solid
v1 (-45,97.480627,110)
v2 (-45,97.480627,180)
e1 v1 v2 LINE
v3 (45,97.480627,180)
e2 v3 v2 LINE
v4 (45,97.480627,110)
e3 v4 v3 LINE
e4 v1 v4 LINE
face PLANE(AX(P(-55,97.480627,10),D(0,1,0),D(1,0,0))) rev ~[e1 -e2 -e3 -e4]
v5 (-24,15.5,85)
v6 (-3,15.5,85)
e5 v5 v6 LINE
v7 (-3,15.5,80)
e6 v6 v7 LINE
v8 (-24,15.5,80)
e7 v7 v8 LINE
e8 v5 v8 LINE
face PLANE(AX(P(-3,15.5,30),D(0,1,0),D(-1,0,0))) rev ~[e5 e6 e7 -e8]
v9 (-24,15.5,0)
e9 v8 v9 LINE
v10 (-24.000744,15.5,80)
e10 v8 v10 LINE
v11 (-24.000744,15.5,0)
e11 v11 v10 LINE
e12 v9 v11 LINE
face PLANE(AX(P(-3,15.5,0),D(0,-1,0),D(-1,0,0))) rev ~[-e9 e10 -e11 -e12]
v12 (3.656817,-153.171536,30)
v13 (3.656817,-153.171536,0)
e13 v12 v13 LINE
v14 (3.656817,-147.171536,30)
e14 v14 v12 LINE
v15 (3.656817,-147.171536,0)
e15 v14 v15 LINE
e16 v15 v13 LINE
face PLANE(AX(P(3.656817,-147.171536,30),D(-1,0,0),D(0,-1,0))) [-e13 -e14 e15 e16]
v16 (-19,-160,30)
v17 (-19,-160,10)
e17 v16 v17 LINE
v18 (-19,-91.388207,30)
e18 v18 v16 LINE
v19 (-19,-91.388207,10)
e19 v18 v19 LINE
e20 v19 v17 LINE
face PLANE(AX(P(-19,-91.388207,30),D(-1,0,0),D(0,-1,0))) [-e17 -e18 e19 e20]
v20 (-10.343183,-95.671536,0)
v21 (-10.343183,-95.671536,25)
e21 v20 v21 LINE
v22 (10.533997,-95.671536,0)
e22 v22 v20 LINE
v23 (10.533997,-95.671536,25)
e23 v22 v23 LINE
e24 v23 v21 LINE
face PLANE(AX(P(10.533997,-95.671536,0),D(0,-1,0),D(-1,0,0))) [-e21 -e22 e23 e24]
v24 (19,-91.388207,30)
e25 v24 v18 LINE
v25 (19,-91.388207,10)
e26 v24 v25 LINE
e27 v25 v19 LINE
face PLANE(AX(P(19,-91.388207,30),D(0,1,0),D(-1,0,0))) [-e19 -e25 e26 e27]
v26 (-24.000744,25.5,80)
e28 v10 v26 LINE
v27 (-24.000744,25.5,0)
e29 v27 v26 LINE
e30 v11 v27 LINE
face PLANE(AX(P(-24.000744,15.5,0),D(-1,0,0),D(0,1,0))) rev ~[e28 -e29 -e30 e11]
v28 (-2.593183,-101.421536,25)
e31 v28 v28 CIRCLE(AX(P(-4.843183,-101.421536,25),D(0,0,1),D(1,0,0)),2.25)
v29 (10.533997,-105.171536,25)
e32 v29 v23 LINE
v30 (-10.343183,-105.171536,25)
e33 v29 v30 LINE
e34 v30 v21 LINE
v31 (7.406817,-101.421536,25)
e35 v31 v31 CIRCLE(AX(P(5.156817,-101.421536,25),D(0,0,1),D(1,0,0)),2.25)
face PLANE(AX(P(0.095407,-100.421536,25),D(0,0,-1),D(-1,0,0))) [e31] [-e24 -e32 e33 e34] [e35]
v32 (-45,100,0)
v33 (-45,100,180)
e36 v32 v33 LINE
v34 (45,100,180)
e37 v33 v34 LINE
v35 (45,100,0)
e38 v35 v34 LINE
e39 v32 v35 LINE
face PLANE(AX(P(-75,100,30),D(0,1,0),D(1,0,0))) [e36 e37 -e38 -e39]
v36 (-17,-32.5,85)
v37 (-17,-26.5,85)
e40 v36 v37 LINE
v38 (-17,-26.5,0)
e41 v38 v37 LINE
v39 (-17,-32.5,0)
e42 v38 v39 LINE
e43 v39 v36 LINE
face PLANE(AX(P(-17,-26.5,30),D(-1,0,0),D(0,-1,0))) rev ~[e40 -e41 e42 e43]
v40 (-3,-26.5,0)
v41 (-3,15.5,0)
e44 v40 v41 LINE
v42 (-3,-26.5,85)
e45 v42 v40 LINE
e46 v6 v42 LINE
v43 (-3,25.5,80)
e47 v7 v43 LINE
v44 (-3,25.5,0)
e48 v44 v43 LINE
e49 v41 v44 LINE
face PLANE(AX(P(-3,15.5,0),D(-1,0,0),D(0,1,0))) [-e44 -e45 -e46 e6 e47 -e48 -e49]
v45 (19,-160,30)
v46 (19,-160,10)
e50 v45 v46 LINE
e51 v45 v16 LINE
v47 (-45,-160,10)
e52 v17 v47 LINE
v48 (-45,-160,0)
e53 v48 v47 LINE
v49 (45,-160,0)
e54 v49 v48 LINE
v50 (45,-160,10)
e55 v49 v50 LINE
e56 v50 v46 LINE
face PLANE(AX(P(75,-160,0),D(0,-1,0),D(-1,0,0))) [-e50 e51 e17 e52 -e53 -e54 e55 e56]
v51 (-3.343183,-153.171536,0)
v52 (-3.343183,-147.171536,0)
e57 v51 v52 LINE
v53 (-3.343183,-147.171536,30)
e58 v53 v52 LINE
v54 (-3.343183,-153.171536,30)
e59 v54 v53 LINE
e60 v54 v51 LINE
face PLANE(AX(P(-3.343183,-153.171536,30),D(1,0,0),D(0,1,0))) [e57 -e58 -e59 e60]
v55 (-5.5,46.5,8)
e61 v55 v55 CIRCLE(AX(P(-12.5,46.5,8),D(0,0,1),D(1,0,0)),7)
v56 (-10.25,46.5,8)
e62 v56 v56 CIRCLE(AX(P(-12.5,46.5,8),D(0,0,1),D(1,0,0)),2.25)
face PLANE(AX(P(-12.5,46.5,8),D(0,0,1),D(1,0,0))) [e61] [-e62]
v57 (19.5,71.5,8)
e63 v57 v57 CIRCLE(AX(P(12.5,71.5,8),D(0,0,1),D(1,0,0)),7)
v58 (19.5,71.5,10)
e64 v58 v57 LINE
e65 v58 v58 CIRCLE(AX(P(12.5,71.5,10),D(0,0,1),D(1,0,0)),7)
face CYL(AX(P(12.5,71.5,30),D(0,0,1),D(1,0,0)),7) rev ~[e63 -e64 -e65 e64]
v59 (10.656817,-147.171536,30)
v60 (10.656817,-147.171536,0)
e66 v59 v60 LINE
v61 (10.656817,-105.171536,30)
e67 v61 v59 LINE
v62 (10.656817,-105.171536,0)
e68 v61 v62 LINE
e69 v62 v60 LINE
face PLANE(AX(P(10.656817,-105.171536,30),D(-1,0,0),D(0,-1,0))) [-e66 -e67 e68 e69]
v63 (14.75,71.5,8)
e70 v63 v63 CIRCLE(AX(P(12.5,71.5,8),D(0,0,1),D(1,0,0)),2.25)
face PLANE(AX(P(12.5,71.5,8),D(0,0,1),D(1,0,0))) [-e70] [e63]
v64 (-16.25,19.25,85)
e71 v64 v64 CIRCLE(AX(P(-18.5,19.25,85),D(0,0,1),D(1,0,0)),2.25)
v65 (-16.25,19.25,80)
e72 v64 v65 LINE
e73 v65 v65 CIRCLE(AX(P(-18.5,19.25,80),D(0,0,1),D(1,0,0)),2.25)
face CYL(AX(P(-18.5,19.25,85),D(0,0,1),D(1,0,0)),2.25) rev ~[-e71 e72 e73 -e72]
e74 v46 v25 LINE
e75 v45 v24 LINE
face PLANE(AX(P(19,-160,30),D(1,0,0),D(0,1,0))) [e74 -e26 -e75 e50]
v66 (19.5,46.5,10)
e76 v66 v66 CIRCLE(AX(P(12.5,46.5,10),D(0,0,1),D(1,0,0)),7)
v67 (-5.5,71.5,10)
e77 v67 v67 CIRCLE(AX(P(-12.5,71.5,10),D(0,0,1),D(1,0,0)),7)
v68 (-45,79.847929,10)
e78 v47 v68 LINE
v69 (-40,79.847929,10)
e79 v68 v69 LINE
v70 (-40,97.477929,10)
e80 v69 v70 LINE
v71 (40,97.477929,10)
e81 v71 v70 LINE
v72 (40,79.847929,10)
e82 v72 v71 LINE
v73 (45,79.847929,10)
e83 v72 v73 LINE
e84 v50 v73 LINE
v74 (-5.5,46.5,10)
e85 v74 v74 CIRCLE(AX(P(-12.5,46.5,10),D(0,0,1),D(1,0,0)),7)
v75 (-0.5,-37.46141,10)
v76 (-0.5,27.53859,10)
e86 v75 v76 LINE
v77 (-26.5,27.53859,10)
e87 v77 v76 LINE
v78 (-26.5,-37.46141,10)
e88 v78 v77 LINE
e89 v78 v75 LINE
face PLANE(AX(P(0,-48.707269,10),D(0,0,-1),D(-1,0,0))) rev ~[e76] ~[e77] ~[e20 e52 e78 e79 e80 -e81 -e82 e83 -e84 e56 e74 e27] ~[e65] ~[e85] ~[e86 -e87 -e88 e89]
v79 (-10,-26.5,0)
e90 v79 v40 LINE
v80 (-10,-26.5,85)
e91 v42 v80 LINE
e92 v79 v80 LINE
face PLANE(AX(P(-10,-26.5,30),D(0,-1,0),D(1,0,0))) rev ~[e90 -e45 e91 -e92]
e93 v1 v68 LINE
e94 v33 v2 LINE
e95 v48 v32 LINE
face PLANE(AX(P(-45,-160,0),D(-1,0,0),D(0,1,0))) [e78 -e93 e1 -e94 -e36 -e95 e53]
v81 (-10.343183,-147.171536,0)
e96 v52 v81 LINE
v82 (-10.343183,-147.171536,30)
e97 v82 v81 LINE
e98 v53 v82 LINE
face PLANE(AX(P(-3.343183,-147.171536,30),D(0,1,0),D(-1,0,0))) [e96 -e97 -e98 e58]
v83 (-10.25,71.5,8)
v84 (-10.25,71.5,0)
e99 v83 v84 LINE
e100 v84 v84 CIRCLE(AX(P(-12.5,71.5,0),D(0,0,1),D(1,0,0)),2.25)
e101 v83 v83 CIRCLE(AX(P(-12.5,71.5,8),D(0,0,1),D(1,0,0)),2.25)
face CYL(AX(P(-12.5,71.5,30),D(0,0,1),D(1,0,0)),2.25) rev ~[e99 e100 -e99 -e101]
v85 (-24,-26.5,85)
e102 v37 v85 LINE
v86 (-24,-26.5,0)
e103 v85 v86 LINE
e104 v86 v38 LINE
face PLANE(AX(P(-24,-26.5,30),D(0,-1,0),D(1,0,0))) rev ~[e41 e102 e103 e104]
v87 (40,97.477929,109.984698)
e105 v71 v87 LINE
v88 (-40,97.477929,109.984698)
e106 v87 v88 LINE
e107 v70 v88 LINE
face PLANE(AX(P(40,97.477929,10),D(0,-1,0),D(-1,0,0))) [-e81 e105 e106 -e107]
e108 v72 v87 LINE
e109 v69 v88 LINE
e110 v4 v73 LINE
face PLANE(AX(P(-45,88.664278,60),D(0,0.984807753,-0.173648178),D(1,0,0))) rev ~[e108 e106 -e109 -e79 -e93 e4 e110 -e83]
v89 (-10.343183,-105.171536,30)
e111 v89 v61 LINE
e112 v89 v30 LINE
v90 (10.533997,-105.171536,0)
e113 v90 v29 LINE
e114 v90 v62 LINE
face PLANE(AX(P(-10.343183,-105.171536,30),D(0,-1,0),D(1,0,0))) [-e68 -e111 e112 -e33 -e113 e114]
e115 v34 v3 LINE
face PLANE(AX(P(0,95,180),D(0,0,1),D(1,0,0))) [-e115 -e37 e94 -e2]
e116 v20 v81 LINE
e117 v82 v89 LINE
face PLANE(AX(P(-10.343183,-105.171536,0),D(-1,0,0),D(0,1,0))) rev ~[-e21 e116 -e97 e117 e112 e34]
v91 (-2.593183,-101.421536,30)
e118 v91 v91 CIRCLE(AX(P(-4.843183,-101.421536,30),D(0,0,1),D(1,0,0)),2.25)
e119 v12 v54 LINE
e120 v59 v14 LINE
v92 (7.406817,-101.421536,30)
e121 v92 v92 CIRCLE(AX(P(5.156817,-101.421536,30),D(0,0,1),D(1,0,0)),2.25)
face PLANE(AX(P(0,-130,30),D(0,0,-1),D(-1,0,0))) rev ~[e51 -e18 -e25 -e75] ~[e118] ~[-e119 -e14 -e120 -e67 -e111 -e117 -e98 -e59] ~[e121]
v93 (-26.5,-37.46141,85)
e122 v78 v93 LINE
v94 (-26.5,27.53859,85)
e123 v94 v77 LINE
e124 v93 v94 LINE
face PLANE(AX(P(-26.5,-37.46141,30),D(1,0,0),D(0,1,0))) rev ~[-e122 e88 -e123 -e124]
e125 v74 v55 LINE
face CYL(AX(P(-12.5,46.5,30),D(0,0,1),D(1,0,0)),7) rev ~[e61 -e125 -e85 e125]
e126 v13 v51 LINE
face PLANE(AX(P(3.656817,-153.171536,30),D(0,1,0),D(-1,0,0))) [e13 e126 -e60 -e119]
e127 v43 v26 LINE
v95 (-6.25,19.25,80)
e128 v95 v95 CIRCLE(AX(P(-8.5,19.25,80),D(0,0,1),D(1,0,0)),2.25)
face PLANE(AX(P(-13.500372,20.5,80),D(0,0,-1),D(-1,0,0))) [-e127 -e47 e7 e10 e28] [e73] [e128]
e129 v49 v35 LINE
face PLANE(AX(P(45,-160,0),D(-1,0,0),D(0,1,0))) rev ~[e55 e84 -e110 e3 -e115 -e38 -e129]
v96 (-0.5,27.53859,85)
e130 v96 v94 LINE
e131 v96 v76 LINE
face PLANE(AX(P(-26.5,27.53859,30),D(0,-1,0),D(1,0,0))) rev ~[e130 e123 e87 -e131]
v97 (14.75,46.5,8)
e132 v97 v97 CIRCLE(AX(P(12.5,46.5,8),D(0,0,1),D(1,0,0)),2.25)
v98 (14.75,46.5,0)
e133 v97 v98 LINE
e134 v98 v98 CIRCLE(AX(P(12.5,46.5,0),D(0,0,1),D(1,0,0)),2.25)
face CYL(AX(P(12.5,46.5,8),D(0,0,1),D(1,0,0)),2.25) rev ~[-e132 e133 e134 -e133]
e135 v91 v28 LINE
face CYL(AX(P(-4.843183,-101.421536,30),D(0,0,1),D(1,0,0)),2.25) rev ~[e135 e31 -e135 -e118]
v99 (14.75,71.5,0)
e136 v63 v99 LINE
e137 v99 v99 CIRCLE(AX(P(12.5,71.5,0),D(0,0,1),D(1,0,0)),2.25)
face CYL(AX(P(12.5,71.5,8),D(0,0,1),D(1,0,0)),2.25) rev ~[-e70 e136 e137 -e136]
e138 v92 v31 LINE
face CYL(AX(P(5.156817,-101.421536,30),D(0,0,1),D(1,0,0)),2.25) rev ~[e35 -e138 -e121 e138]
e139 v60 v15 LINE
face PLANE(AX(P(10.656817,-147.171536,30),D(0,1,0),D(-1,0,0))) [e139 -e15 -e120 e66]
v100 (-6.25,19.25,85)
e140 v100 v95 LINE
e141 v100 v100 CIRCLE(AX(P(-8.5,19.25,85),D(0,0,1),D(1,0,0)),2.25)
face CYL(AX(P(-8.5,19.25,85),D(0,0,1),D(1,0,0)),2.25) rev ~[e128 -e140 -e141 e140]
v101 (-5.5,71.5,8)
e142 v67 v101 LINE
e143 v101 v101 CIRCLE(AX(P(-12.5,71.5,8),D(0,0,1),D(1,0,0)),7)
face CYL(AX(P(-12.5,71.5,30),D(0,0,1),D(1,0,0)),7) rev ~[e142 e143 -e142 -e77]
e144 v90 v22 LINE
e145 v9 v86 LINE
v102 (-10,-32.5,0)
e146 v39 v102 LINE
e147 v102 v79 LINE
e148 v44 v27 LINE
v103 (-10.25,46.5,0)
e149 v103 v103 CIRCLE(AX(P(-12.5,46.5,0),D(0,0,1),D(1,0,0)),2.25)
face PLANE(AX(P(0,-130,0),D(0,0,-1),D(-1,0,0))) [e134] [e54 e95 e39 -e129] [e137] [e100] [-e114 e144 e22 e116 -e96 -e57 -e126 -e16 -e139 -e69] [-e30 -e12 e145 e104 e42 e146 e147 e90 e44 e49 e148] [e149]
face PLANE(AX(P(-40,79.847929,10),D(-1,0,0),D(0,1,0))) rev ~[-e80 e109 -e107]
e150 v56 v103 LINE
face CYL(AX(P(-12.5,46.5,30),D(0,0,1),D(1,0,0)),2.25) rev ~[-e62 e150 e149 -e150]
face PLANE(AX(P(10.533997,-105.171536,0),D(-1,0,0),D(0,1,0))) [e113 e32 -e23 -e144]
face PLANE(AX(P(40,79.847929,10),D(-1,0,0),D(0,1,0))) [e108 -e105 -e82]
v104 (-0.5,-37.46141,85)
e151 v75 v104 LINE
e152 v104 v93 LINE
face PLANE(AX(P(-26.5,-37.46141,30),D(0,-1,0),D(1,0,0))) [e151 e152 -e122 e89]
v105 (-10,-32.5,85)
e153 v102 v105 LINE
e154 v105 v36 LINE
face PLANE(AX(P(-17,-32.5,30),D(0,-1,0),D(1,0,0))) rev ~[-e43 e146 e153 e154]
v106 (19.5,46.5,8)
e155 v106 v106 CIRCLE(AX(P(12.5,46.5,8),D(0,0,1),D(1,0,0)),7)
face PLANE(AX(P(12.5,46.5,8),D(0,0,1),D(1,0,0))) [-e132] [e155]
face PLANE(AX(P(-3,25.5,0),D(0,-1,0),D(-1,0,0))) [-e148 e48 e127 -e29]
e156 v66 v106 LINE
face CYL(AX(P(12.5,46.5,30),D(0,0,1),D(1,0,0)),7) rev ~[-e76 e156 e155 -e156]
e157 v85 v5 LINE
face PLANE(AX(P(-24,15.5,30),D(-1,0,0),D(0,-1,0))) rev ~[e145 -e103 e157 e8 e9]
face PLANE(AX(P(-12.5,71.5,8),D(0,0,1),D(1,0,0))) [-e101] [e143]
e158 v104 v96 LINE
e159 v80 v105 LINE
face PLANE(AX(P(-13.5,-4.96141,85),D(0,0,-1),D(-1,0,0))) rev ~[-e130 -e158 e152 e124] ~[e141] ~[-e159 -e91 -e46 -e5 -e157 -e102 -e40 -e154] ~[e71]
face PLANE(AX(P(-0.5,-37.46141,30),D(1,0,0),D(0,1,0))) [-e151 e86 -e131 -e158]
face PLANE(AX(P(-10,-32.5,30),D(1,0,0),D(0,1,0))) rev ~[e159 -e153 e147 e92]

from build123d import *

# Parameters (mm, degrees)
SKETCH1_W           = 150
SKETCH1_H           = 200
BOSS_EXTRUDE1_DEPTH = 30
SKETCH2_W           = 150
SKETCH2_H           = 10
BOSS_EXTRUDE2_DEPTH = 150
SKETCH3_R           = 1.65
SKETCH3_R_2         = 2.25
CUT_EXTRUDE3_DEPTH  = 80
SKETCH6_R           = 5
CUT_EXTRUDE5_DEPTH  = 22
SKETCH7_R           = 1.925
CUT_EXTRUDE6_DEPTH  = 5
FILLET1_R           = 5
SKETCH9_R           = 2.08
CUT_EXTRUDE7_DEPTH  = 30
SKETCH12_W          = 26
SKETCH12_H          = 65
SKETCH12_R          = 2.08
BOSS_EXTRUDE5_DEPTH = 85
SKETCH13_W          = 150
SKETCH13_H          = 60
BOSS_EXTRUDE6_DEPTH = 30
SKETCH15_R          = 2.08
CUT_EXTRUDE8_DEPTH  = 30
SKETCH16_R          = 7
CUT_EXTRUDE9_DEPTH  = 22
SKETCH17_W          = 20
SKETCH17_H          = 260
CUT_EXTRUDE10_DEPTH = 180
SKETCH19_W          = 26
SKETCH19_H          = 65
CUT_EXTRUDE11_DEPTH = 20
SKETCH20_W          = 110
SKETCH20_H          = 12.480627484
CUT_EXTRUDE12_DEPTH = 200
SKETCH21_W          = 10
SKETCH21_H          = 260
CUT_EXTRUDE13_DEPTH = 200
SKETCH22_W          = 21.000744215
SKETCH22_H          = 10
CUT_EXTRUDE14_DEPTH = 80
SKETCH24_W          = 20.877179784
SKETCH24_H          = 9.5
CUT_EXTRUDE15_DEPTH = 25
SKETCH25_R          = 2.25
CUT_EXTRUDE16_DEPTH = 10
SKETCH26_R          = 2.25
CUT_EXTRUDE17_DEPTH = 10
SKETCH27_R          = 2.25
CUT_EXTRUDE18_DEPTH = 10
SKETCH28_R          = 2.25
CUT_EXTRUDE19_DEPTH = 10
SKETCH29_R          = 2.25
CUT_EXTRUDE20_DEPTH = 10
CHAMFER2_SIZE       = 100
CHAMFER2_SIZE2      = 17.632698071
SKETCH33_W          = 40
SKETCH33_H          = 17.63
CUT_EXTRUDE21_DEPTH = 170


with BuildPart() as part:
    # Sketch1 → Boss-Extrude1 (new body)
    with BuildSketch(Plane.XY):
        Rectangle(SKETCH1_W, SKETCH1_H)
    extrude(amount=BOSS_EXTRUDE1_DEPTH)

    # Sketch2 → Boss-Extrude2 (add)
    with BuildSketch(Plane.XY.offset(30)):
        with Locations((0, 95)):
            Rectangle(SKETCH2_W, SKETCH2_H)
    extrude(amount=BOSS_EXTRUDE2_DEPTH)

    # Sketch3 → Cut-Extrude3 (cut)
    with BuildSketch(Plane.XY.offset(30)):
        with Locations((12.5, 46.5)):
            Circle(SKETCH3_R)
        with Locations((-12.5, 46.5)):
            Circle(SKETCH3_R_2)
        with Locations((12.5, 71.5)):
            Circle(SKETCH3_R)
        with Locations((-12.5, 71.5)):
            Circle(SKETCH3_R_2)
    extrude(amount=-CUT_EXTRUDE3_DEPTH, mode=Mode.SUBTRACT)

    # Sketch6 → Cut-Extrude5 (cut)
    with BuildSketch(Plane.XY.offset(30)):
        with Locations((-12.5, 71.5)):
            Circle(SKETCH6_R)
        with Locations((12.5, 71.5)):
            Circle(SKETCH6_R)
        with Locations((-12.5, 46.5)):
            Circle(SKETCH6_R)
        with Locations((12.5, 46.5)):
            Circle(SKETCH6_R)
    extrude(amount=-CUT_EXTRUDE5_DEPTH, mode=Mode.SUBTRACT)

    # Sketch7 → Cut-Extrude6 (cut)
    with BuildSketch(Plane.XY.offset(8)):
        with Locations((-12.5, 71.5)):
            Circle(SKETCH7_R)
        with Locations((12.5, 71.5)):
            Circle(SKETCH7_R)
        with Locations((-12.5, 46.5)):
            Circle(SKETCH7_R)
        with Locations((12.5, 46.5)):
            Circle(SKETCH7_R)
    extrude(amount=-CUT_EXTRUDE6_DEPTH, mode=Mode.SUBTRACT)

    # Fillet1
    fillet1_edges = [part.edges().sort_by_distance(p)[0] for p in [
        (0, 90, 30),
    ]]
    fillet(fillet1_edges, radius=FILLET1_R)

    # Sketch9 → Cut-Extrude7 (cut)
    with BuildSketch(Plane.XY.offset(30)):
        Polygon((-10, -26.5), (-3, -26.5), (-3, 15.5), (-24, 15.5), (-24, -26.5), (-17, -26.5), (-17, -32.5), (-10, -32.5), align=None)
        with Locations((-18.5, 19.25)):
            Circle(SKETCH9_R)
        with Locations((-8.5, 19.25)):
            Circle(SKETCH9_R)
    extrude(amount=-CUT_EXTRUDE7_DEPTH, mode=Mode.SUBTRACT)

    # Sketch12 → Boss-Extrude5 (add)
    with BuildSketch(Plane(origin=(0, 0, 0), x_dir=(-1, 0, 0), z_dir=(0, 0, -1))):
        with Locations((13.5, -4.961410483)):
            Rectangle(SKETCH12_W, SKETCH12_H)
        with Locations((8.5, 19.25)):
            Circle(SKETCH12_R, mode=Mode.SUBTRACT)
        with Locations((18.5, 19.25)):
            Circle(SKETCH12_R, mode=Mode.SUBTRACT)
        Polygon((3, 15.5), (3, -26.5), (10, -26.5), (10, -32.5), (17, -32.5), (17, -26.5), (24, -26.5), (24, 15.5), align=None, mode=Mode.SUBTRACT)
    extrude(amount=-BOSS_EXTRUDE5_DEPTH)

    # Sketch13 → Boss-Extrude6 (add)
    with BuildSketch(Plane(origin=(0, 0, 0), x_dir=(-1, 0, 0), z_dir=(0, 0, -1))):
        with Locations((0, -130)):
            Rectangle(SKETCH13_W, SKETCH13_H)
    extrude(amount=-BOSS_EXTRUDE6_DEPTH)

    # Sketch15 → Cut-Extrude8 (cut)
    with BuildSketch(Plane.XY.offset(30)):
        with Locations((-4.843183012, -101.421536398)):
            Circle(SKETCH15_R)
        with Locations((5.156816988, -101.421536398)):
            Circle(SKETCH15_R)
        Polygon((-10.343183012, -105.171536398), (10.656816988, -105.171536398), (10.656816988, -147.171536398), (3.656816988, -147.171536398), (3.656816988, -153.171536398), (-3.343183012, -153.171536398), (-3.343183012, -147.171536398), (-10.343183012, -147.171536398), align=None)
    extrude(amount=-CUT_EXTRUDE8_DEPTH, mode=Mode.SUBTRACT)

    # Sketch16 → Cut-Extrude9 (cut)
    with BuildSketch(Plane.XY.offset(30)):
        with Locations((-12.5, 71.5)):
            Circle(SKETCH16_R)
        with Locations((12.5, 71.5)):
            Circle(SKETCH16_R)
        with Locations((12.5, 46.5)):
            Circle(SKETCH16_R)
        with Locations((-12.5, 46.5)):
            Circle(SKETCH16_R)
    extrude(amount=-CUT_EXTRUDE9_DEPTH, mode=Mode.SUBTRACT)

    # Sketch17 → Cut-Extrude10 (cut)
    with BuildSketch(Plane(origin=(0, 0, 0), x_dir=(-1, 0, 0), z_dir=(0, 0, -1))):
        with Locations((65, -30)):
            Rectangle(SKETCH17_W, SKETCH17_H)
        with Locations((-65, -30)):
            Rectangle(SKETCH17_W, SKETCH17_H)
    extrude(amount=-CUT_EXTRUDE10_DEPTH, mode=Mode.SUBTRACT)

    # Sketch19 → Cut-Extrude11 (cut)
    with BuildSketch(Plane.XY.offset(30)):
        Polygon((-55, 85), (55, 85), (55, -160), (19, -160), (19, -91.388207499), (-19, -91.388207499), (-19, -160), (-55, -160), align=None)
        with Locations((-13.5, -4.961410483)):
            Rectangle(SKETCH19_W, SKETCH19_H, mode=Mode.SUBTRACT)
    extrude(amount=-CUT_EXTRUDE11_DEPTH, mode=Mode.SUBTRACT)

    # Sketch20 → Cut-Extrude12 (cut)
    with BuildSketch(Plane.XY.offset(10)):
        with Locations((0, 91.240313742)):
            Rectangle(SKETCH20_W, SKETCH20_H)
    extrude(amount=CUT_EXTRUDE12_DEPTH, mode=Mode.SUBTRACT)

    # Sketch21 → Cut-Extrude13 (cut)
    with BuildSketch(Plane(origin=(0, 0, 0), x_dir=(-1, 0, 0), z_dir=(0, 0, -1))):
        with Locations((50, -30)):
            Rectangle(SKETCH21_W, SKETCH21_H)
        with Locations((-50, -30)):
            Rectangle(SKETCH21_W, SKETCH21_H)
    extrude(amount=-CUT_EXTRUDE13_DEPTH, mode=Mode.SUBTRACT)

    # Sketch22 → Cut-Extrude14 (cut)
    with BuildSketch(Plane(origin=(0, 0, 0), x_dir=(-1, 0, 0), z_dir=(0, 0, -1))):
        with Locations((13.500372108, 20.5)):
            Rectangle(SKETCH22_W, SKETCH22_H)
    extrude(amount=-CUT_EXTRUDE14_DEPTH, mode=Mode.SUBTRACT)

    # Sketch24 → Cut-Extrude15 (cut)
    with BuildSketch(Plane(origin=(0, 0, 0), x_dir=(-1, 0, 0), z_dir=(0, 0, -1))):
        with Locations((-0.09540688, -100.421536398)):
            Rectangle(SKETCH24_W, SKETCH24_H)
    extrude(amount=-CUT_EXTRUDE15_DEPTH, mode=Mode.SUBTRACT)

    # Sketch25 → Cut-Extrude16 (cut)
    with BuildSketch(Plane.XY.offset(8)):
        with Locations((12.5, 71.5)):
            Circle(SKETCH25_R)
    extrude(amount=-CUT_EXTRUDE16_DEPTH, mode=Mode.SUBTRACT)

    # Sketch26 → Cut-Extrude17 (cut)
    with BuildSketch(Plane.XY.offset(8)):
        with Locations((12.5, 46.5)):
            Circle(SKETCH26_R)
    extrude(amount=-CUT_EXTRUDE17_DEPTH, mode=Mode.SUBTRACT)

    # Sketch27 → Cut-Extrude18 (cut)
    with BuildSketch(Plane.XY.offset(85)):
        with Locations((-18.5, 19.25)):
            Circle(SKETCH27_R)
    extrude(amount=-CUT_EXTRUDE18_DEPTH, mode=Mode.SUBTRACT)

    # Sketch28 → Cut-Extrude19 (cut)
    with BuildSketch(Plane.XY.offset(85)):
        with Locations((-8.5, 19.25)):
            Circle(SKETCH28_R)
    extrude(amount=-CUT_EXTRUDE19_DEPTH, mode=Mode.SUBTRACT)

    # Sketch29 → Cut-Extrude20 (cut)
    with BuildSketch(Plane.XY.offset(30)):
        with Locations((-4.843183012, -101.421536398)):
            Circle(SKETCH29_R)
        with Locations((5.156816988, -101.421536398)):
            Circle(SKETCH29_R)
    extrude(amount=-CUT_EXTRUDE20_DEPTH, mode=Mode.SUBTRACT)

    # Chamfer2
    chamfer2_edges = [part.edges().sort_by_distance(p)[0] for p in [
        (0, 97.480627484, 10),
    ]]
    chamfer2_side = [part.faces().sort_by_distance(p)[0] for p in [
        (0, 97.480627484, 95),
    ]]
    chamfer(chamfer2_edges, length=CHAMFER2_SIZE, length2=CHAMFER2_SIZE2, reference=chamfer2_side[0])

    # Sketch33 → Cut-Extrude21 (cut)
    with BuildSketch(Plane.XY.offset(10)):
        with Locations((-20, 88.662929413)):
            Rectangle(SKETCH33_W, SKETCH33_H)
        with Locations((20, 88.662929413)):
            Rectangle(SKETCH33_W, SKETCH33_H)
    extrude(amount=CUT_EXTRUDE21_DEPTH, mode=Mode.SUBTRACT)


solid = part.part
